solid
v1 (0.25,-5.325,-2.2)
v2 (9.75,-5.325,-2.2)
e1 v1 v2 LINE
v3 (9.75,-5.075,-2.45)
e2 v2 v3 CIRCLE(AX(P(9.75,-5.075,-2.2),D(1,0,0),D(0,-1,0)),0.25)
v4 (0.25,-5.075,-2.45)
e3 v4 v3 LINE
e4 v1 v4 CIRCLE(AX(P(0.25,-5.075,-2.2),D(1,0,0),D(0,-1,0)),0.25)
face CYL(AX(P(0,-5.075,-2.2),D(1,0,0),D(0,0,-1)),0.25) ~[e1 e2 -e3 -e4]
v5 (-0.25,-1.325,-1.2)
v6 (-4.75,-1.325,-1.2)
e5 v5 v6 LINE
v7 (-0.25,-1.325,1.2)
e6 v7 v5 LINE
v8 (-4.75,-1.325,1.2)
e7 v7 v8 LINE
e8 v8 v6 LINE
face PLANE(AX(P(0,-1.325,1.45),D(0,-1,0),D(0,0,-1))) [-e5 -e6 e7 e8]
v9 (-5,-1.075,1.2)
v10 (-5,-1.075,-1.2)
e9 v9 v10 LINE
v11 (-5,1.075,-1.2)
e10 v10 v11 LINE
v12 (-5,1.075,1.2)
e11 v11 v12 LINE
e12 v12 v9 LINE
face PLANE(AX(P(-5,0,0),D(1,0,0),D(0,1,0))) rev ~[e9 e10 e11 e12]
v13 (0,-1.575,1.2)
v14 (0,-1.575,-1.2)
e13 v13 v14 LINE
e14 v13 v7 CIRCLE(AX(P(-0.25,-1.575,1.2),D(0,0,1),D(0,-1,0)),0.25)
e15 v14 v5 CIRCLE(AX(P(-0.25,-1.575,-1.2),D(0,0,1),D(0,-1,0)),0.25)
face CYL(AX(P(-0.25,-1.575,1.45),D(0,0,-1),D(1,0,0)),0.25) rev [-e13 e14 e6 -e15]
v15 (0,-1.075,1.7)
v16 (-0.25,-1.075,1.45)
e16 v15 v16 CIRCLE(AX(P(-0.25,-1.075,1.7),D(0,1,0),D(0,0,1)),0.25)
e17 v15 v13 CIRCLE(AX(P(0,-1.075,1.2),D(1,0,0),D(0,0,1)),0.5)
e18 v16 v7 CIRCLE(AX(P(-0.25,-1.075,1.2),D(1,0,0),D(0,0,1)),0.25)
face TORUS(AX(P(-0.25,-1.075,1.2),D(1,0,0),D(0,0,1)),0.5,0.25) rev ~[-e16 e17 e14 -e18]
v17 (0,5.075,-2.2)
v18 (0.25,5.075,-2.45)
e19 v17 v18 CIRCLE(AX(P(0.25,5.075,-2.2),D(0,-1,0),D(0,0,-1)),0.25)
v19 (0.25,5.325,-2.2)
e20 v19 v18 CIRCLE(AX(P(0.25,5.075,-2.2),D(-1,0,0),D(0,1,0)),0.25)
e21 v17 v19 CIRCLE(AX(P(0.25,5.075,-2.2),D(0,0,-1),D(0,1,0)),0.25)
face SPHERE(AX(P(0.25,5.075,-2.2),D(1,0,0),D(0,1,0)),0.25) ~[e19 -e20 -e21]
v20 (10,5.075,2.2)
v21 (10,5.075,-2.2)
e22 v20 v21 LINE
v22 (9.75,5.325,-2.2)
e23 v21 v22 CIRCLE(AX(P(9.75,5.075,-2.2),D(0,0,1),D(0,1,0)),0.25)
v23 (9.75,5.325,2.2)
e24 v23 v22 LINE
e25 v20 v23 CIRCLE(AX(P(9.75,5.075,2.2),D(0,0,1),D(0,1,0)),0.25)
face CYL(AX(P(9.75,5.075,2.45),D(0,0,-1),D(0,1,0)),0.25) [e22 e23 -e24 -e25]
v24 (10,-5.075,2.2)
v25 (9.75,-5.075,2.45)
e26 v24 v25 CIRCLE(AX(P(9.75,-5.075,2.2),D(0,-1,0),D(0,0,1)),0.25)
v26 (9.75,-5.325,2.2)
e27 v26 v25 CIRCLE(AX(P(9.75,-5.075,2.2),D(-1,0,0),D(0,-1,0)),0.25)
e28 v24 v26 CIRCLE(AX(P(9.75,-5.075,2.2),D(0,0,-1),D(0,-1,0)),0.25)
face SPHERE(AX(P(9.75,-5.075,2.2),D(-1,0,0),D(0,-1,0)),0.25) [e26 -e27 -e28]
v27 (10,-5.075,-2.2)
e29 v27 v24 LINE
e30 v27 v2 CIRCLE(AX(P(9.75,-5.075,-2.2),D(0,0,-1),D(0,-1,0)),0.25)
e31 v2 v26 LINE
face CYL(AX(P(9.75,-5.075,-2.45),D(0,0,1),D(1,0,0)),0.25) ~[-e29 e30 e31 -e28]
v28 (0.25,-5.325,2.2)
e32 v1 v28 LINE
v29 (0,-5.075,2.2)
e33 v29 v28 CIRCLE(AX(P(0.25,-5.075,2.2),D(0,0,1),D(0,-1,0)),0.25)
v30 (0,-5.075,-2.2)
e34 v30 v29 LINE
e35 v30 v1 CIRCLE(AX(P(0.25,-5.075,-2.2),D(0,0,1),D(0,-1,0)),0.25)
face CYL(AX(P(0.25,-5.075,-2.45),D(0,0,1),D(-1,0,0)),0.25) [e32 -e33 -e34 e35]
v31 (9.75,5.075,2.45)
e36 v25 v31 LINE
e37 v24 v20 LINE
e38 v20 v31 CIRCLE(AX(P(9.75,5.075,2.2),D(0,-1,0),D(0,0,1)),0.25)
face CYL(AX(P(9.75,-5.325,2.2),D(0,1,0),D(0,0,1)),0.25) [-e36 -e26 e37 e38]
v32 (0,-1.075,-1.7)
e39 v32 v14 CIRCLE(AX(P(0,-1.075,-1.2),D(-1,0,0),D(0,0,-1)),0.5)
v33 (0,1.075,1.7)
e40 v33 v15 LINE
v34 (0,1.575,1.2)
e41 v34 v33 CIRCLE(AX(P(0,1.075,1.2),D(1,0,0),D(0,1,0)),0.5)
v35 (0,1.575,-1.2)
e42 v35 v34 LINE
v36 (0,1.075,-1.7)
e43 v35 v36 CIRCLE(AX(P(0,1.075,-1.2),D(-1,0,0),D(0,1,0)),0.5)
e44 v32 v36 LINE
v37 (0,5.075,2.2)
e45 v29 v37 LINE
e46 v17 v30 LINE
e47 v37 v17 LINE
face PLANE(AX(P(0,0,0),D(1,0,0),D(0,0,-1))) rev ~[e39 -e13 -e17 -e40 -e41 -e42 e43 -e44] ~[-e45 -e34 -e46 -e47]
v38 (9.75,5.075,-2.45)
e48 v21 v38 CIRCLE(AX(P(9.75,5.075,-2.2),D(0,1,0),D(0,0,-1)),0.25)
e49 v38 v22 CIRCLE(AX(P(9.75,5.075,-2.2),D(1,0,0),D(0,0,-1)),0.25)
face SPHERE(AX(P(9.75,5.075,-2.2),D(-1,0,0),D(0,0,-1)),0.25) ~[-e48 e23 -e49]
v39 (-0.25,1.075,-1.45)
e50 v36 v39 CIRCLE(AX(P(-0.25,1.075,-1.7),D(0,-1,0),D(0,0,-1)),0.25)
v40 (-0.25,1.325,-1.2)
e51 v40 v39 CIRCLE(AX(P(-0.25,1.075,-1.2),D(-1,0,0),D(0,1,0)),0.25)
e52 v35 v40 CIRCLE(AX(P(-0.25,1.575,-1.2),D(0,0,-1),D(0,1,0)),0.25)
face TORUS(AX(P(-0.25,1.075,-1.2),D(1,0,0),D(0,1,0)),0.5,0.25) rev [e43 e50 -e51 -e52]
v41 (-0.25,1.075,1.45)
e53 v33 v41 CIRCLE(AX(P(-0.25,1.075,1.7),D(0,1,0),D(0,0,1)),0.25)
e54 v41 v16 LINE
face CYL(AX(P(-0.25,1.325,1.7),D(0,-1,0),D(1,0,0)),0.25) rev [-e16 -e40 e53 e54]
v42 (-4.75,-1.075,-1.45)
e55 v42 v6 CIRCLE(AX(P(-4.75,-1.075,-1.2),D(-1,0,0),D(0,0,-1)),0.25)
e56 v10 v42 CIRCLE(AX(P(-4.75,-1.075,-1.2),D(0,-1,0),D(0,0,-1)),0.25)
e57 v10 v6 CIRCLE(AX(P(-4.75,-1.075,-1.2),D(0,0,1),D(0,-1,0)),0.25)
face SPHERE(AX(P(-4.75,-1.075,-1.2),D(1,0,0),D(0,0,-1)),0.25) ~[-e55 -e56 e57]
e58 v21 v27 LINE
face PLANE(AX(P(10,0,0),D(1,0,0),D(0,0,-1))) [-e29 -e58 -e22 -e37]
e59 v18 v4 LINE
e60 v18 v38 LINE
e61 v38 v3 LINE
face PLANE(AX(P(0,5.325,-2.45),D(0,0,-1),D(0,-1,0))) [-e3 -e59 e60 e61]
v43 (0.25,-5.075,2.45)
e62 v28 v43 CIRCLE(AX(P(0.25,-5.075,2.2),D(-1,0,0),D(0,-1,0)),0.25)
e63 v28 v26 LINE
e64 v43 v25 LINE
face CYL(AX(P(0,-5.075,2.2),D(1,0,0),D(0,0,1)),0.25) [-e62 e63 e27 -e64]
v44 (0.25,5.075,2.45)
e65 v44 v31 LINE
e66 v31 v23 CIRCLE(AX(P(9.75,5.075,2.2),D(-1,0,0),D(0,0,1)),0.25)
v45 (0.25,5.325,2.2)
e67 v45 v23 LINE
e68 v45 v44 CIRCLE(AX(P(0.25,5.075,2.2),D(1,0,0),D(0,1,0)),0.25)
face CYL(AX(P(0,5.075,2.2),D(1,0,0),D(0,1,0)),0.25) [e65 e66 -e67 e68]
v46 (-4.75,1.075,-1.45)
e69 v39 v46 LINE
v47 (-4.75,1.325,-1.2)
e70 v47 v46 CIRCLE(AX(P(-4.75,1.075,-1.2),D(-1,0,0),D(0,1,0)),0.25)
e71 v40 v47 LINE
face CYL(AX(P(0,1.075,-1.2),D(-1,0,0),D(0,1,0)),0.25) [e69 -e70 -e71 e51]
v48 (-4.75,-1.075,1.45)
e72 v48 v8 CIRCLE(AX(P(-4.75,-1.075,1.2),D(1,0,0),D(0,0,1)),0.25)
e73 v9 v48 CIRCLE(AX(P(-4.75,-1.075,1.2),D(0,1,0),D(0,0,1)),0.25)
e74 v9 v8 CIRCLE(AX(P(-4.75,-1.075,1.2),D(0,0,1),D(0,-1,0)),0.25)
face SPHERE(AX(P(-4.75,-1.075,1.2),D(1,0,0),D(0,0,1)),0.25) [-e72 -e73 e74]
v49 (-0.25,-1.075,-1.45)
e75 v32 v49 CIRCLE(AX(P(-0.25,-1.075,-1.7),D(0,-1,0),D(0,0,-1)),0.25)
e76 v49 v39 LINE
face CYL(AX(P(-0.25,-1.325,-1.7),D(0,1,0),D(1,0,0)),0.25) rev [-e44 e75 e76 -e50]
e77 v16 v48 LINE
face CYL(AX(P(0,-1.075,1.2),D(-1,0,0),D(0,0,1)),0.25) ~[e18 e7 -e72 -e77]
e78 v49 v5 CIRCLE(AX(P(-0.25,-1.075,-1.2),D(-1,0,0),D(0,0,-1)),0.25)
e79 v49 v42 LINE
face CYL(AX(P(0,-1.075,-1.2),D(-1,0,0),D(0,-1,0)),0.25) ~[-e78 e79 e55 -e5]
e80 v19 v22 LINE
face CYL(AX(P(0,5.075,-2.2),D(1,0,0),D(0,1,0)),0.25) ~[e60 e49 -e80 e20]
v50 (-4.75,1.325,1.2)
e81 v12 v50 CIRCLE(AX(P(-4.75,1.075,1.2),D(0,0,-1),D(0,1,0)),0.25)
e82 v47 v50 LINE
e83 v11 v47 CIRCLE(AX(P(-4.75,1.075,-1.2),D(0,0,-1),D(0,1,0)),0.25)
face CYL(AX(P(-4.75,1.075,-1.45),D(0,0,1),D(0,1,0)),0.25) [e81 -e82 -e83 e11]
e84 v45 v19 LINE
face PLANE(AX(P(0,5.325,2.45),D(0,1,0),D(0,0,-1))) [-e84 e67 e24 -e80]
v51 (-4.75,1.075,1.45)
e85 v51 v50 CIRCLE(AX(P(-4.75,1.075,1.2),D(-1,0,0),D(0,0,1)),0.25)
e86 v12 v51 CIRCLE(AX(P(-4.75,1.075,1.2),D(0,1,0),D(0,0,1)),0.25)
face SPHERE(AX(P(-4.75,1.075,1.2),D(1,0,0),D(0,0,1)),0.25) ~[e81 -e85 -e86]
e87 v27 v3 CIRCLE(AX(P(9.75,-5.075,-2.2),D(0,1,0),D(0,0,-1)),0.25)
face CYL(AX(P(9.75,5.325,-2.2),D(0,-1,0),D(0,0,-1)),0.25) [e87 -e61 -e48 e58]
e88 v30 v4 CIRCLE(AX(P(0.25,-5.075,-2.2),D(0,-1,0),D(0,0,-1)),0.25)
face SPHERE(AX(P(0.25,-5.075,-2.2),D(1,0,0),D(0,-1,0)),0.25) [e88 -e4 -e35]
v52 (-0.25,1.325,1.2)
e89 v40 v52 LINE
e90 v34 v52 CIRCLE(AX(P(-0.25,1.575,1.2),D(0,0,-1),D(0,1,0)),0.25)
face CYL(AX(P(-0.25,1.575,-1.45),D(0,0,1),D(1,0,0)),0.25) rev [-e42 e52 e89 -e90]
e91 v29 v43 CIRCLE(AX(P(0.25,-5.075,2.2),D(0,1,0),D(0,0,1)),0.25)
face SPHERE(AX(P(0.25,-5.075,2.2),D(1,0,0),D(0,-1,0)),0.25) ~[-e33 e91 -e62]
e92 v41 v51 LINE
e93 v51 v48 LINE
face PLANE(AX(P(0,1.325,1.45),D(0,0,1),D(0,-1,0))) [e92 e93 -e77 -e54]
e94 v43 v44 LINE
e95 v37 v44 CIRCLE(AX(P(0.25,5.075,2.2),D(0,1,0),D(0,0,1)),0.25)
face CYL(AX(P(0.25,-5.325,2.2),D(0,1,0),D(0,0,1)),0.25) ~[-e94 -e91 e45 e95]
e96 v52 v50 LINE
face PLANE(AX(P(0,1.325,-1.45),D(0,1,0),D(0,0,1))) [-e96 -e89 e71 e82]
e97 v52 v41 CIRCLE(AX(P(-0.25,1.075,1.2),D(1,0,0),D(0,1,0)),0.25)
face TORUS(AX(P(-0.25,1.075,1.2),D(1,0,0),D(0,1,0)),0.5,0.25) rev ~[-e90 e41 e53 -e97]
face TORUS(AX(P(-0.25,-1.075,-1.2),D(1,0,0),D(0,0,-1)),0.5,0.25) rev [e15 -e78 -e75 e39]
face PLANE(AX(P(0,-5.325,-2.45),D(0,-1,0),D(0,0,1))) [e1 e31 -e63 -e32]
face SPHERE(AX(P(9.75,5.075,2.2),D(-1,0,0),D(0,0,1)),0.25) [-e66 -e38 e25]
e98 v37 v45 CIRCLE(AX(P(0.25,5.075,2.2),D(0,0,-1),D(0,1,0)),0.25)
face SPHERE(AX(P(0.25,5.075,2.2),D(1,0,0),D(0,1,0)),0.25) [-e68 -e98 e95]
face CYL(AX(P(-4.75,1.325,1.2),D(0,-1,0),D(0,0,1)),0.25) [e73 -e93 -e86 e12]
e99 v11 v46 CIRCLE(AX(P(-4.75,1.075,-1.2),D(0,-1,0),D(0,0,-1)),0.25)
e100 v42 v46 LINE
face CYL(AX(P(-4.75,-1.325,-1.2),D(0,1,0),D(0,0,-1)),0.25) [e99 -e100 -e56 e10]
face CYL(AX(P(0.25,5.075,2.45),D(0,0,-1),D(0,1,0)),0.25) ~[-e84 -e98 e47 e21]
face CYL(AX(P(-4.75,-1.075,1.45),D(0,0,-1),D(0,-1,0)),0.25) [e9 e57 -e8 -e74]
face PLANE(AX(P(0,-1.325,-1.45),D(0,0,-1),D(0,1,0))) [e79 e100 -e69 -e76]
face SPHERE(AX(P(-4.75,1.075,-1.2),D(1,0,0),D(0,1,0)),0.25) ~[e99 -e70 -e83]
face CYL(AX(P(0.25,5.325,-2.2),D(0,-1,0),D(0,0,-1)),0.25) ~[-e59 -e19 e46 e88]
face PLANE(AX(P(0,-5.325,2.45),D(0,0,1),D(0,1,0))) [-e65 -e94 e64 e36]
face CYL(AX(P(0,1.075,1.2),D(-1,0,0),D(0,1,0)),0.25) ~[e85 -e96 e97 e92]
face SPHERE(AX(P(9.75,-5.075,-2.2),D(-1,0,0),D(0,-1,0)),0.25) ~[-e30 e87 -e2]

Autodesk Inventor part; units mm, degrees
ref_plane "YZ Plane" through (0, 0, 0) normal (1, 0, 0) x (0, 1, 0)
ref_plane "XZ Plane" through (0, 0, 0) normal (0, 1, 0) x (-1, 0, 0)
ref_plane "XY Plane" through (0, 0, 0) normal (0, 0, 1) x (1, 0, 0)
sketch "Sketch1" plane through (0, 0, 0) normal (1, 0, 0) x (0, 1, 0)
  line L0 (1.325, 1.45) -> (-1.325, 1.45)
  line L1 (-1.325, 1.45) -> (-1.325, -1.45)
  line L2 (-1.325, -1.45) -> (1.325, -1.45)
  line L3 (1.325, -1.45) -> (1.325, 1.45)
  point P0 (0, 0)
  dimension "d0" = 2.9
  dimension "d1" = 2.65
  dimension "d2" = 1.45
  dimension "d3" = 1.325
extrude "Extrusion1" add sketch "Sketch1" against normal blind 5
sketch "Sketch2" plane through (0, 0, 0) normal (1, 0, 0) x (0, 0, -1)
  line L0 (-2.45, 5.325) -> (2.45, 5.325)
  line L1 (2.45, 5.325) -> (2.45, -5.325)
  line L2 (2.45, -5.325) -> (-2.45, -5.325)
  line L3 (-2.45, -5.325) -> (-2.45, 5.325)
  line L4 (-1.45, 1.325) -> (-1.45, -1.325) projected
  line L5 (1.45, -1.325) -> (1.45, 1.325) projected
  line L6 (1.45, 1.325) -> (-1.45, 1.325) projected
  line L7 (-1.45, -1.325) -> (1.45, -1.325) projected
  point P0 (0, 0)
  dimension "d6" = 1
  dimension "d7" = 1
  dimension "d8" = 4
  dimension "d9" = 4
extrude "Extrusion2" add sketch "Sketch2" along normal blind 10 contours L0 L1 L2 L3 | L6 L5 L7 L4
fillet "Fillet1" radius 0.25 24 edges at (5, 5.325, 2.45) (5, 5.325, -2.45) (5, -5.325, -2.45) (5, -5.325, 2.45) (10, -5.325, 0) (10, 0, 2.45) (10, 0, -2.45) (10, 5.325, 0) (0, 5.325, 0) (0, -5.325, 0) (0, 0, 2.45) (0, 0, -2.45) (-2.5, 1.325, -1.45) (-2.5, 1.325, 1.45) (-2.5, -1.325, -1.45) (-2.5, -1.325, 1.45) (0, 1.325, 0) (0, 0, 1.45) (0, 0, -1.45) (0, -1.325, 0) (-5, 0, 1.45) (-5, 1.325, 0) (-5, 0, -1.45) (-5, -1.325, 0)
properties part number "dual_slider_paddlew"
